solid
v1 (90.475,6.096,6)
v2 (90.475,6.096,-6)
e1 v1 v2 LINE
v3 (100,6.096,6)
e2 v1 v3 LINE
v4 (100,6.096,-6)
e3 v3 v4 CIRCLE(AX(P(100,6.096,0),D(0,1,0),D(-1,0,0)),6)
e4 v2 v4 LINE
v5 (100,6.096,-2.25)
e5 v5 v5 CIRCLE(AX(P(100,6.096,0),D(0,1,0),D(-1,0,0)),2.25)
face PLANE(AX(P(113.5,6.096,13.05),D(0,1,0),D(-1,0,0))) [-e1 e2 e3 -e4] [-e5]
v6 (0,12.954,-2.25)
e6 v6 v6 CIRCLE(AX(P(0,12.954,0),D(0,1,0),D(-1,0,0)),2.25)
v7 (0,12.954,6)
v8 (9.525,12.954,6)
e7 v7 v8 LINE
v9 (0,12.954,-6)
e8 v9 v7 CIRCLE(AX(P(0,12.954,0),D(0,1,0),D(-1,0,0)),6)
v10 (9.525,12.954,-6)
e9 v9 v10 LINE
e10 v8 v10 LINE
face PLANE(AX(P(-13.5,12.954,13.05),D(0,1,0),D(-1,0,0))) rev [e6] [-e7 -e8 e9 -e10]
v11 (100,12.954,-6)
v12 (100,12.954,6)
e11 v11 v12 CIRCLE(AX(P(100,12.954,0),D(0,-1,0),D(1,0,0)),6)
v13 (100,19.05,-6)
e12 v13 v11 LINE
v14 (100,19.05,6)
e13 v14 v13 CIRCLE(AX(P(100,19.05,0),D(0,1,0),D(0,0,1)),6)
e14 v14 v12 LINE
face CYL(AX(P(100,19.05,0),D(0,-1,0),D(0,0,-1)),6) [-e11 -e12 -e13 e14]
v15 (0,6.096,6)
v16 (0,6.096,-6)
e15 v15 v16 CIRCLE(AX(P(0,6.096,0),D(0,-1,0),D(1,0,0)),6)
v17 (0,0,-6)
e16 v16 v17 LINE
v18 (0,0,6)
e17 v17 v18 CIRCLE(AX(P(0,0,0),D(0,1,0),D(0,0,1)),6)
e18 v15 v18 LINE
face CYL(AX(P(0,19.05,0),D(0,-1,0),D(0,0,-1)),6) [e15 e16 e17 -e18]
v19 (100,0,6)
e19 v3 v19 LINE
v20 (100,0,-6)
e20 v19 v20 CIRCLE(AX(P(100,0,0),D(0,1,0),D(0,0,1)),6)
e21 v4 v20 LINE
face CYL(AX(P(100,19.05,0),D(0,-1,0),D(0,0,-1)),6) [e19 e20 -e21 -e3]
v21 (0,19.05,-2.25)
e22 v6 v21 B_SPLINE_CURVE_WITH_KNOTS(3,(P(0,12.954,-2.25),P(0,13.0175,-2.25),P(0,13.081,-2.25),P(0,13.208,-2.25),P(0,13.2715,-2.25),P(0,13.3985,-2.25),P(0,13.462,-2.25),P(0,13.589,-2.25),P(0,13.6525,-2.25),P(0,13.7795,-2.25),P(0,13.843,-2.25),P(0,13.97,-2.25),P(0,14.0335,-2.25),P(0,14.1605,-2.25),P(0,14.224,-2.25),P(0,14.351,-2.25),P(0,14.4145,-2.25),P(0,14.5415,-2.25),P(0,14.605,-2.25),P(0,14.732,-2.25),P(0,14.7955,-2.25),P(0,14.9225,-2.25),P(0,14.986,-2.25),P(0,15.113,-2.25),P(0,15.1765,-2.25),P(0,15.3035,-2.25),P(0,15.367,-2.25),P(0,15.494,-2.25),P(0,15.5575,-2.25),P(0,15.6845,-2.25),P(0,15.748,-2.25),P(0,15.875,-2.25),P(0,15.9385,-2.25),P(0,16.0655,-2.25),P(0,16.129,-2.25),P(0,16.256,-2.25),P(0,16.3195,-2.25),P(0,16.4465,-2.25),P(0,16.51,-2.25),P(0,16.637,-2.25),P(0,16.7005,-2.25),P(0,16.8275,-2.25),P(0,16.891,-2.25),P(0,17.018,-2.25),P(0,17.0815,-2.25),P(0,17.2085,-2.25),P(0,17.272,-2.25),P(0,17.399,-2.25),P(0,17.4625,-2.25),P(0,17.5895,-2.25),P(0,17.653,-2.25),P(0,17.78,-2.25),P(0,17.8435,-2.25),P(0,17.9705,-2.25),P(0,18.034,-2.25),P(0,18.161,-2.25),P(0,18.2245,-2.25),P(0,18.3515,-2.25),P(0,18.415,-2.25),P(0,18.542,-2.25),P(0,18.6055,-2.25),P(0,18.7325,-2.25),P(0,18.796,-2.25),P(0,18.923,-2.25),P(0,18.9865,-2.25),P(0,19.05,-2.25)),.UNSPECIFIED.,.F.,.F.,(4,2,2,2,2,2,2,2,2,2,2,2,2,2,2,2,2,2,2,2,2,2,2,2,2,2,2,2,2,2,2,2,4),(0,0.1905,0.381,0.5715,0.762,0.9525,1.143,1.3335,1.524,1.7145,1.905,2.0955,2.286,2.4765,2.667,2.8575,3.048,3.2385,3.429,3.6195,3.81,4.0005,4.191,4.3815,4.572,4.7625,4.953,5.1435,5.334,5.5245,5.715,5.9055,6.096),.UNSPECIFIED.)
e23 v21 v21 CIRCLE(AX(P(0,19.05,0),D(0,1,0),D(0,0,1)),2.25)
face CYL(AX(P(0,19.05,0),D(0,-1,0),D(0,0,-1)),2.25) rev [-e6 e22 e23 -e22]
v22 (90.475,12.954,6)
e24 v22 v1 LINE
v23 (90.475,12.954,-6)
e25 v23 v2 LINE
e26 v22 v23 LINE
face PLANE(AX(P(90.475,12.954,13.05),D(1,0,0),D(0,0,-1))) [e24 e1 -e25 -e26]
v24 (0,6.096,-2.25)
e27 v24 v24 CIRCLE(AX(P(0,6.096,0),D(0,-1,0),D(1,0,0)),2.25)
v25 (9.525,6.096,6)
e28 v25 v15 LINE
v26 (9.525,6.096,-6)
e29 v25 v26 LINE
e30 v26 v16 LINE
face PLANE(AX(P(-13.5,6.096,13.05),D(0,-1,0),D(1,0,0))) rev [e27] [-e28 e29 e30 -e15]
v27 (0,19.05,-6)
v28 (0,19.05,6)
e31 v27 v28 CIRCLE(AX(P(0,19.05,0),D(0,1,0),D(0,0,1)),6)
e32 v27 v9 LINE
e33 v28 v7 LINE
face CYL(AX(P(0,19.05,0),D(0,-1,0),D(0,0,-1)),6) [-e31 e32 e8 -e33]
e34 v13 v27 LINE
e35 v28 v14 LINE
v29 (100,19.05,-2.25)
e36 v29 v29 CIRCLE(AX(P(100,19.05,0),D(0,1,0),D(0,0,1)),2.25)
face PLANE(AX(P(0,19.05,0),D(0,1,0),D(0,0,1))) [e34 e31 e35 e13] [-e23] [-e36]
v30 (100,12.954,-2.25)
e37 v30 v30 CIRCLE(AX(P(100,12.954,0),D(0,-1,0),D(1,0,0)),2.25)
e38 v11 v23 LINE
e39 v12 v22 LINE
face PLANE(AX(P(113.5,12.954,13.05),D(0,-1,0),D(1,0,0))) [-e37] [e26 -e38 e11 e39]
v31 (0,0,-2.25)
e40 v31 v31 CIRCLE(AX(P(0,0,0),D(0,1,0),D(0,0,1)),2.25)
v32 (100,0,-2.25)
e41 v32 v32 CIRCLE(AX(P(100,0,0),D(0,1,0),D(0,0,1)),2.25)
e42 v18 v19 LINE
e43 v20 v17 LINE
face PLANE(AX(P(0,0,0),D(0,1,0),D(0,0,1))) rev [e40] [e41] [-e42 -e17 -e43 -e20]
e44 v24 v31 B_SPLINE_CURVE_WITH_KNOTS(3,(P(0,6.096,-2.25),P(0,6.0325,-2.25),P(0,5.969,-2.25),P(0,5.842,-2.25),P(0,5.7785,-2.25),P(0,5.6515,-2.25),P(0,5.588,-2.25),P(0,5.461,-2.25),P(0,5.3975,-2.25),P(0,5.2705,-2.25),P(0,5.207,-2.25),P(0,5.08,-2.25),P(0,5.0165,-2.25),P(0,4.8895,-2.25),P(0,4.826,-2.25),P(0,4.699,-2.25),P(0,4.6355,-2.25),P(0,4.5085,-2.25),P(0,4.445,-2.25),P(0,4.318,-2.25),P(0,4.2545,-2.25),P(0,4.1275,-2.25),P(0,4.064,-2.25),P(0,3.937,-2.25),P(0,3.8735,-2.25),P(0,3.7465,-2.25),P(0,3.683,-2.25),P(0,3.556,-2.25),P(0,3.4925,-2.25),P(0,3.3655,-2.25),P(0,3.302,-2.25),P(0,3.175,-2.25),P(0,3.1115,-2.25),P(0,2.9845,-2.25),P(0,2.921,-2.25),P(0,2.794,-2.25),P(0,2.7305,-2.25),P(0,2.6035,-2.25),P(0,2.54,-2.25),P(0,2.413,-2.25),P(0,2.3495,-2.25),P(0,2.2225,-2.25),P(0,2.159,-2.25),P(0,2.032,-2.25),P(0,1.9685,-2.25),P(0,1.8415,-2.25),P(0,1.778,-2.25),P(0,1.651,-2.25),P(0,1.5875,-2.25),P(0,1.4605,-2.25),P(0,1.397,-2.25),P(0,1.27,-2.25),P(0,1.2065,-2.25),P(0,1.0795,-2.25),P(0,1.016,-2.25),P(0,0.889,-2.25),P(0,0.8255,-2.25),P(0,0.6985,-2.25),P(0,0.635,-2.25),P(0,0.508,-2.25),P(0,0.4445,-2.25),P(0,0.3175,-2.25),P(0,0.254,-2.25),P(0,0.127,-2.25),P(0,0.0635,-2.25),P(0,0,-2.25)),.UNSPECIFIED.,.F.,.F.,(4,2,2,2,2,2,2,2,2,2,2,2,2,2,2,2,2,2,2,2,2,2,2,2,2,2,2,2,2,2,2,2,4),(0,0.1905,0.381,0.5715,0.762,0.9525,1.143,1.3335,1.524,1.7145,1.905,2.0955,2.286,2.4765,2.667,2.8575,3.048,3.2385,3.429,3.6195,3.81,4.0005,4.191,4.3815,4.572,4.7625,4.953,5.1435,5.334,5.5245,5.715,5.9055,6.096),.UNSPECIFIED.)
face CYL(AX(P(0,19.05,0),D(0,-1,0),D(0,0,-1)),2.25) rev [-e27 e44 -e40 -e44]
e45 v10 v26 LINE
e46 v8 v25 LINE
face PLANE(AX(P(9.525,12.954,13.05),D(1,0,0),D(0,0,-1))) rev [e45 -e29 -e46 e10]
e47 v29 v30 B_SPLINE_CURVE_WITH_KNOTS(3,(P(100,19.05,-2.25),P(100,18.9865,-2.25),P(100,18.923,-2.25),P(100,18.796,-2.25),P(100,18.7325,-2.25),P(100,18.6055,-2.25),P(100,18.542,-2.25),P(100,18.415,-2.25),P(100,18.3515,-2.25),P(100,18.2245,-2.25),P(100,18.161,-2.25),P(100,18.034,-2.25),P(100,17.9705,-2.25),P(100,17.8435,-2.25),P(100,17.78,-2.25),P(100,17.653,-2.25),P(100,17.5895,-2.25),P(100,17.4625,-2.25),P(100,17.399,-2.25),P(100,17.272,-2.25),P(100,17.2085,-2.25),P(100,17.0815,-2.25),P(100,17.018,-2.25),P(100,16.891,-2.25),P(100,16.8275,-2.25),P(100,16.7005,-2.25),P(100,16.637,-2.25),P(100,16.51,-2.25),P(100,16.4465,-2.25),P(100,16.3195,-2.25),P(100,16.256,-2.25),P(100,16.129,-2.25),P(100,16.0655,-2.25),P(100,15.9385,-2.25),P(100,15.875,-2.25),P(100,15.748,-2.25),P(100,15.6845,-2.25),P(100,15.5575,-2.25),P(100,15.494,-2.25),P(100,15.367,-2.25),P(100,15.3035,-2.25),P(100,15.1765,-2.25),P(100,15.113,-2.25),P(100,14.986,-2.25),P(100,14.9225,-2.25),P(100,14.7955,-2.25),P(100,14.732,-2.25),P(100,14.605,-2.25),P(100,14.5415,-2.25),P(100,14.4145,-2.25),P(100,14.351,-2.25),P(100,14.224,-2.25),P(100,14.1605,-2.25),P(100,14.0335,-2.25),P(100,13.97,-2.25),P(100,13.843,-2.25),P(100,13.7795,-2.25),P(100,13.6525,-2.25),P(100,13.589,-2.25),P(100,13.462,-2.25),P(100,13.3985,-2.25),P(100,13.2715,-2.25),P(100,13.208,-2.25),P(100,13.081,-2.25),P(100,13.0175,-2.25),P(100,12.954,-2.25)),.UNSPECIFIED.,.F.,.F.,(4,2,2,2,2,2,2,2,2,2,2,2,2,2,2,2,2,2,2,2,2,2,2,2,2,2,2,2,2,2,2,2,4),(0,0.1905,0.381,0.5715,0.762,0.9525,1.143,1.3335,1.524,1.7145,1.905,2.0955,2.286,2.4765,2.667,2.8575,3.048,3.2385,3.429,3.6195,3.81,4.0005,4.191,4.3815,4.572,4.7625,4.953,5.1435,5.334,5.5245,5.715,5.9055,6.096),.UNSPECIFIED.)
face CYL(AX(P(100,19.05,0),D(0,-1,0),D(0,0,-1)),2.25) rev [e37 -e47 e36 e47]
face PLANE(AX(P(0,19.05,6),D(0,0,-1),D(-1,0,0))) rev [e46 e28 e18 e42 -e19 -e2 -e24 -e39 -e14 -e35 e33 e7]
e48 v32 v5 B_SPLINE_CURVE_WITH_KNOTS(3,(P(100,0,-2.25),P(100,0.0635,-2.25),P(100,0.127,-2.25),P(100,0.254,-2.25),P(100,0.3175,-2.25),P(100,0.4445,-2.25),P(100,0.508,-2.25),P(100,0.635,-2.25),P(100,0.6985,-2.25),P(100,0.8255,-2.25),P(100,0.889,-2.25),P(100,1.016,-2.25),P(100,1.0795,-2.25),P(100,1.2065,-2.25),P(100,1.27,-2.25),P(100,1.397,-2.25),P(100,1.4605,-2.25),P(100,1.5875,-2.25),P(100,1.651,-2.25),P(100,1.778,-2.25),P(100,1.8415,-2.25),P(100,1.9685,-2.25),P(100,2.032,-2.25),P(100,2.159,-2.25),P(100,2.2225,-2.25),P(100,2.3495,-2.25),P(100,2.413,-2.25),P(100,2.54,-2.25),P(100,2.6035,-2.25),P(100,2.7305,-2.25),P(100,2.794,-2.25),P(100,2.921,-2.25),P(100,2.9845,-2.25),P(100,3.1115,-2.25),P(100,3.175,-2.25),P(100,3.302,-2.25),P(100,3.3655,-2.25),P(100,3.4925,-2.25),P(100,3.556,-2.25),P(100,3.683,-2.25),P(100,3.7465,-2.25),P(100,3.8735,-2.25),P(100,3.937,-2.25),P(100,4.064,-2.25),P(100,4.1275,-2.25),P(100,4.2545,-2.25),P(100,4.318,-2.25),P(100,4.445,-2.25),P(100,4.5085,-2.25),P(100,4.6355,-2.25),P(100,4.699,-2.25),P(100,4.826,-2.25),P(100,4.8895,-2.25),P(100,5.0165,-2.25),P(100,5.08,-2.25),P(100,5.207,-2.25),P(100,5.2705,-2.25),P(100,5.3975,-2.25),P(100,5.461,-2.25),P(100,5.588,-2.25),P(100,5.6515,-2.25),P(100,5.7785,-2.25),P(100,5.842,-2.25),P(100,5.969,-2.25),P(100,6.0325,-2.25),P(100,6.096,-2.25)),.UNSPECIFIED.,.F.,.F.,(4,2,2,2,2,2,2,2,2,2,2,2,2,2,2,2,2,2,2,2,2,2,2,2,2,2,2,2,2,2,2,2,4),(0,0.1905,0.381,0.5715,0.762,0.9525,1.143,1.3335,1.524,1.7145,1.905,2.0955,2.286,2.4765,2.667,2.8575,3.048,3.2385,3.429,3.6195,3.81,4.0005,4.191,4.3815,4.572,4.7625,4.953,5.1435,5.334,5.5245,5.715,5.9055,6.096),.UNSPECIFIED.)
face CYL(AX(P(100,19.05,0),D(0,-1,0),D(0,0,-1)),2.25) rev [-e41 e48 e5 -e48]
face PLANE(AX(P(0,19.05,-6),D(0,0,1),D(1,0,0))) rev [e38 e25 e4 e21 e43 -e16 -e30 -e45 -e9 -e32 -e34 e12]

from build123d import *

# Parameters (mm, degrees)
SKETCH1_R           = 2.25
BOSS_EXTRUDE1_DEPTH = 19.05
SKETCH2_W           = 23.025
SKETCH2_H           = 6.858
CUT_EXTRUDE1_DEPTH  = 19.05


with BuildPart() as part:
    # Sketch1 → Boss-Extrude1 (new body)
    with BuildSketch(Plane(origin=(0, 0, 0), x_dir=(1, 0, 0), z_dir=(0, 1, 0))):
        with BuildLine():
            Line((0, 6), (100, 6))
            ThreePointArc((100, 6), (106, 0), (100, -6))
            Line((100, -6), (0, -6))
            ThreePointArc((0, -6), (-6, 0), (0, 6))
        make_face()
        Circle(SKETCH1_R, mode=Mode.SUBTRACT)
        with Locations((100, 0)):
            Circle(SKETCH1_R, mode=Mode.SUBTRACT)
    extrude(amount=BOSS_EXTRUDE1_DEPTH)

    # Sketch2 → Cut-Extrude1 (cut)
    with BuildSketch(Plane(origin=(0, 0, -6), x_dir=(-1, 0, 0), z_dir=(0, 0, -1))):
        with Locations((1.9875, 9.525)):
            Rectangle(SKETCH2_W, SKETCH2_H)
    cut_extrude1 = extrude(amount=-CUT_EXTRUDE1_DEPTH, mode=Mode.SUBTRACT)

    # Mirror1: Cut-Extrude1 across plane
    add(cut_extrude1.mirror(Plane(origin=(50, 0, 0), x_dir=(0, 0, 1), z_dir=(1, 0, 0))), mode=Mode.SUBTRACT)


solid = part.part
